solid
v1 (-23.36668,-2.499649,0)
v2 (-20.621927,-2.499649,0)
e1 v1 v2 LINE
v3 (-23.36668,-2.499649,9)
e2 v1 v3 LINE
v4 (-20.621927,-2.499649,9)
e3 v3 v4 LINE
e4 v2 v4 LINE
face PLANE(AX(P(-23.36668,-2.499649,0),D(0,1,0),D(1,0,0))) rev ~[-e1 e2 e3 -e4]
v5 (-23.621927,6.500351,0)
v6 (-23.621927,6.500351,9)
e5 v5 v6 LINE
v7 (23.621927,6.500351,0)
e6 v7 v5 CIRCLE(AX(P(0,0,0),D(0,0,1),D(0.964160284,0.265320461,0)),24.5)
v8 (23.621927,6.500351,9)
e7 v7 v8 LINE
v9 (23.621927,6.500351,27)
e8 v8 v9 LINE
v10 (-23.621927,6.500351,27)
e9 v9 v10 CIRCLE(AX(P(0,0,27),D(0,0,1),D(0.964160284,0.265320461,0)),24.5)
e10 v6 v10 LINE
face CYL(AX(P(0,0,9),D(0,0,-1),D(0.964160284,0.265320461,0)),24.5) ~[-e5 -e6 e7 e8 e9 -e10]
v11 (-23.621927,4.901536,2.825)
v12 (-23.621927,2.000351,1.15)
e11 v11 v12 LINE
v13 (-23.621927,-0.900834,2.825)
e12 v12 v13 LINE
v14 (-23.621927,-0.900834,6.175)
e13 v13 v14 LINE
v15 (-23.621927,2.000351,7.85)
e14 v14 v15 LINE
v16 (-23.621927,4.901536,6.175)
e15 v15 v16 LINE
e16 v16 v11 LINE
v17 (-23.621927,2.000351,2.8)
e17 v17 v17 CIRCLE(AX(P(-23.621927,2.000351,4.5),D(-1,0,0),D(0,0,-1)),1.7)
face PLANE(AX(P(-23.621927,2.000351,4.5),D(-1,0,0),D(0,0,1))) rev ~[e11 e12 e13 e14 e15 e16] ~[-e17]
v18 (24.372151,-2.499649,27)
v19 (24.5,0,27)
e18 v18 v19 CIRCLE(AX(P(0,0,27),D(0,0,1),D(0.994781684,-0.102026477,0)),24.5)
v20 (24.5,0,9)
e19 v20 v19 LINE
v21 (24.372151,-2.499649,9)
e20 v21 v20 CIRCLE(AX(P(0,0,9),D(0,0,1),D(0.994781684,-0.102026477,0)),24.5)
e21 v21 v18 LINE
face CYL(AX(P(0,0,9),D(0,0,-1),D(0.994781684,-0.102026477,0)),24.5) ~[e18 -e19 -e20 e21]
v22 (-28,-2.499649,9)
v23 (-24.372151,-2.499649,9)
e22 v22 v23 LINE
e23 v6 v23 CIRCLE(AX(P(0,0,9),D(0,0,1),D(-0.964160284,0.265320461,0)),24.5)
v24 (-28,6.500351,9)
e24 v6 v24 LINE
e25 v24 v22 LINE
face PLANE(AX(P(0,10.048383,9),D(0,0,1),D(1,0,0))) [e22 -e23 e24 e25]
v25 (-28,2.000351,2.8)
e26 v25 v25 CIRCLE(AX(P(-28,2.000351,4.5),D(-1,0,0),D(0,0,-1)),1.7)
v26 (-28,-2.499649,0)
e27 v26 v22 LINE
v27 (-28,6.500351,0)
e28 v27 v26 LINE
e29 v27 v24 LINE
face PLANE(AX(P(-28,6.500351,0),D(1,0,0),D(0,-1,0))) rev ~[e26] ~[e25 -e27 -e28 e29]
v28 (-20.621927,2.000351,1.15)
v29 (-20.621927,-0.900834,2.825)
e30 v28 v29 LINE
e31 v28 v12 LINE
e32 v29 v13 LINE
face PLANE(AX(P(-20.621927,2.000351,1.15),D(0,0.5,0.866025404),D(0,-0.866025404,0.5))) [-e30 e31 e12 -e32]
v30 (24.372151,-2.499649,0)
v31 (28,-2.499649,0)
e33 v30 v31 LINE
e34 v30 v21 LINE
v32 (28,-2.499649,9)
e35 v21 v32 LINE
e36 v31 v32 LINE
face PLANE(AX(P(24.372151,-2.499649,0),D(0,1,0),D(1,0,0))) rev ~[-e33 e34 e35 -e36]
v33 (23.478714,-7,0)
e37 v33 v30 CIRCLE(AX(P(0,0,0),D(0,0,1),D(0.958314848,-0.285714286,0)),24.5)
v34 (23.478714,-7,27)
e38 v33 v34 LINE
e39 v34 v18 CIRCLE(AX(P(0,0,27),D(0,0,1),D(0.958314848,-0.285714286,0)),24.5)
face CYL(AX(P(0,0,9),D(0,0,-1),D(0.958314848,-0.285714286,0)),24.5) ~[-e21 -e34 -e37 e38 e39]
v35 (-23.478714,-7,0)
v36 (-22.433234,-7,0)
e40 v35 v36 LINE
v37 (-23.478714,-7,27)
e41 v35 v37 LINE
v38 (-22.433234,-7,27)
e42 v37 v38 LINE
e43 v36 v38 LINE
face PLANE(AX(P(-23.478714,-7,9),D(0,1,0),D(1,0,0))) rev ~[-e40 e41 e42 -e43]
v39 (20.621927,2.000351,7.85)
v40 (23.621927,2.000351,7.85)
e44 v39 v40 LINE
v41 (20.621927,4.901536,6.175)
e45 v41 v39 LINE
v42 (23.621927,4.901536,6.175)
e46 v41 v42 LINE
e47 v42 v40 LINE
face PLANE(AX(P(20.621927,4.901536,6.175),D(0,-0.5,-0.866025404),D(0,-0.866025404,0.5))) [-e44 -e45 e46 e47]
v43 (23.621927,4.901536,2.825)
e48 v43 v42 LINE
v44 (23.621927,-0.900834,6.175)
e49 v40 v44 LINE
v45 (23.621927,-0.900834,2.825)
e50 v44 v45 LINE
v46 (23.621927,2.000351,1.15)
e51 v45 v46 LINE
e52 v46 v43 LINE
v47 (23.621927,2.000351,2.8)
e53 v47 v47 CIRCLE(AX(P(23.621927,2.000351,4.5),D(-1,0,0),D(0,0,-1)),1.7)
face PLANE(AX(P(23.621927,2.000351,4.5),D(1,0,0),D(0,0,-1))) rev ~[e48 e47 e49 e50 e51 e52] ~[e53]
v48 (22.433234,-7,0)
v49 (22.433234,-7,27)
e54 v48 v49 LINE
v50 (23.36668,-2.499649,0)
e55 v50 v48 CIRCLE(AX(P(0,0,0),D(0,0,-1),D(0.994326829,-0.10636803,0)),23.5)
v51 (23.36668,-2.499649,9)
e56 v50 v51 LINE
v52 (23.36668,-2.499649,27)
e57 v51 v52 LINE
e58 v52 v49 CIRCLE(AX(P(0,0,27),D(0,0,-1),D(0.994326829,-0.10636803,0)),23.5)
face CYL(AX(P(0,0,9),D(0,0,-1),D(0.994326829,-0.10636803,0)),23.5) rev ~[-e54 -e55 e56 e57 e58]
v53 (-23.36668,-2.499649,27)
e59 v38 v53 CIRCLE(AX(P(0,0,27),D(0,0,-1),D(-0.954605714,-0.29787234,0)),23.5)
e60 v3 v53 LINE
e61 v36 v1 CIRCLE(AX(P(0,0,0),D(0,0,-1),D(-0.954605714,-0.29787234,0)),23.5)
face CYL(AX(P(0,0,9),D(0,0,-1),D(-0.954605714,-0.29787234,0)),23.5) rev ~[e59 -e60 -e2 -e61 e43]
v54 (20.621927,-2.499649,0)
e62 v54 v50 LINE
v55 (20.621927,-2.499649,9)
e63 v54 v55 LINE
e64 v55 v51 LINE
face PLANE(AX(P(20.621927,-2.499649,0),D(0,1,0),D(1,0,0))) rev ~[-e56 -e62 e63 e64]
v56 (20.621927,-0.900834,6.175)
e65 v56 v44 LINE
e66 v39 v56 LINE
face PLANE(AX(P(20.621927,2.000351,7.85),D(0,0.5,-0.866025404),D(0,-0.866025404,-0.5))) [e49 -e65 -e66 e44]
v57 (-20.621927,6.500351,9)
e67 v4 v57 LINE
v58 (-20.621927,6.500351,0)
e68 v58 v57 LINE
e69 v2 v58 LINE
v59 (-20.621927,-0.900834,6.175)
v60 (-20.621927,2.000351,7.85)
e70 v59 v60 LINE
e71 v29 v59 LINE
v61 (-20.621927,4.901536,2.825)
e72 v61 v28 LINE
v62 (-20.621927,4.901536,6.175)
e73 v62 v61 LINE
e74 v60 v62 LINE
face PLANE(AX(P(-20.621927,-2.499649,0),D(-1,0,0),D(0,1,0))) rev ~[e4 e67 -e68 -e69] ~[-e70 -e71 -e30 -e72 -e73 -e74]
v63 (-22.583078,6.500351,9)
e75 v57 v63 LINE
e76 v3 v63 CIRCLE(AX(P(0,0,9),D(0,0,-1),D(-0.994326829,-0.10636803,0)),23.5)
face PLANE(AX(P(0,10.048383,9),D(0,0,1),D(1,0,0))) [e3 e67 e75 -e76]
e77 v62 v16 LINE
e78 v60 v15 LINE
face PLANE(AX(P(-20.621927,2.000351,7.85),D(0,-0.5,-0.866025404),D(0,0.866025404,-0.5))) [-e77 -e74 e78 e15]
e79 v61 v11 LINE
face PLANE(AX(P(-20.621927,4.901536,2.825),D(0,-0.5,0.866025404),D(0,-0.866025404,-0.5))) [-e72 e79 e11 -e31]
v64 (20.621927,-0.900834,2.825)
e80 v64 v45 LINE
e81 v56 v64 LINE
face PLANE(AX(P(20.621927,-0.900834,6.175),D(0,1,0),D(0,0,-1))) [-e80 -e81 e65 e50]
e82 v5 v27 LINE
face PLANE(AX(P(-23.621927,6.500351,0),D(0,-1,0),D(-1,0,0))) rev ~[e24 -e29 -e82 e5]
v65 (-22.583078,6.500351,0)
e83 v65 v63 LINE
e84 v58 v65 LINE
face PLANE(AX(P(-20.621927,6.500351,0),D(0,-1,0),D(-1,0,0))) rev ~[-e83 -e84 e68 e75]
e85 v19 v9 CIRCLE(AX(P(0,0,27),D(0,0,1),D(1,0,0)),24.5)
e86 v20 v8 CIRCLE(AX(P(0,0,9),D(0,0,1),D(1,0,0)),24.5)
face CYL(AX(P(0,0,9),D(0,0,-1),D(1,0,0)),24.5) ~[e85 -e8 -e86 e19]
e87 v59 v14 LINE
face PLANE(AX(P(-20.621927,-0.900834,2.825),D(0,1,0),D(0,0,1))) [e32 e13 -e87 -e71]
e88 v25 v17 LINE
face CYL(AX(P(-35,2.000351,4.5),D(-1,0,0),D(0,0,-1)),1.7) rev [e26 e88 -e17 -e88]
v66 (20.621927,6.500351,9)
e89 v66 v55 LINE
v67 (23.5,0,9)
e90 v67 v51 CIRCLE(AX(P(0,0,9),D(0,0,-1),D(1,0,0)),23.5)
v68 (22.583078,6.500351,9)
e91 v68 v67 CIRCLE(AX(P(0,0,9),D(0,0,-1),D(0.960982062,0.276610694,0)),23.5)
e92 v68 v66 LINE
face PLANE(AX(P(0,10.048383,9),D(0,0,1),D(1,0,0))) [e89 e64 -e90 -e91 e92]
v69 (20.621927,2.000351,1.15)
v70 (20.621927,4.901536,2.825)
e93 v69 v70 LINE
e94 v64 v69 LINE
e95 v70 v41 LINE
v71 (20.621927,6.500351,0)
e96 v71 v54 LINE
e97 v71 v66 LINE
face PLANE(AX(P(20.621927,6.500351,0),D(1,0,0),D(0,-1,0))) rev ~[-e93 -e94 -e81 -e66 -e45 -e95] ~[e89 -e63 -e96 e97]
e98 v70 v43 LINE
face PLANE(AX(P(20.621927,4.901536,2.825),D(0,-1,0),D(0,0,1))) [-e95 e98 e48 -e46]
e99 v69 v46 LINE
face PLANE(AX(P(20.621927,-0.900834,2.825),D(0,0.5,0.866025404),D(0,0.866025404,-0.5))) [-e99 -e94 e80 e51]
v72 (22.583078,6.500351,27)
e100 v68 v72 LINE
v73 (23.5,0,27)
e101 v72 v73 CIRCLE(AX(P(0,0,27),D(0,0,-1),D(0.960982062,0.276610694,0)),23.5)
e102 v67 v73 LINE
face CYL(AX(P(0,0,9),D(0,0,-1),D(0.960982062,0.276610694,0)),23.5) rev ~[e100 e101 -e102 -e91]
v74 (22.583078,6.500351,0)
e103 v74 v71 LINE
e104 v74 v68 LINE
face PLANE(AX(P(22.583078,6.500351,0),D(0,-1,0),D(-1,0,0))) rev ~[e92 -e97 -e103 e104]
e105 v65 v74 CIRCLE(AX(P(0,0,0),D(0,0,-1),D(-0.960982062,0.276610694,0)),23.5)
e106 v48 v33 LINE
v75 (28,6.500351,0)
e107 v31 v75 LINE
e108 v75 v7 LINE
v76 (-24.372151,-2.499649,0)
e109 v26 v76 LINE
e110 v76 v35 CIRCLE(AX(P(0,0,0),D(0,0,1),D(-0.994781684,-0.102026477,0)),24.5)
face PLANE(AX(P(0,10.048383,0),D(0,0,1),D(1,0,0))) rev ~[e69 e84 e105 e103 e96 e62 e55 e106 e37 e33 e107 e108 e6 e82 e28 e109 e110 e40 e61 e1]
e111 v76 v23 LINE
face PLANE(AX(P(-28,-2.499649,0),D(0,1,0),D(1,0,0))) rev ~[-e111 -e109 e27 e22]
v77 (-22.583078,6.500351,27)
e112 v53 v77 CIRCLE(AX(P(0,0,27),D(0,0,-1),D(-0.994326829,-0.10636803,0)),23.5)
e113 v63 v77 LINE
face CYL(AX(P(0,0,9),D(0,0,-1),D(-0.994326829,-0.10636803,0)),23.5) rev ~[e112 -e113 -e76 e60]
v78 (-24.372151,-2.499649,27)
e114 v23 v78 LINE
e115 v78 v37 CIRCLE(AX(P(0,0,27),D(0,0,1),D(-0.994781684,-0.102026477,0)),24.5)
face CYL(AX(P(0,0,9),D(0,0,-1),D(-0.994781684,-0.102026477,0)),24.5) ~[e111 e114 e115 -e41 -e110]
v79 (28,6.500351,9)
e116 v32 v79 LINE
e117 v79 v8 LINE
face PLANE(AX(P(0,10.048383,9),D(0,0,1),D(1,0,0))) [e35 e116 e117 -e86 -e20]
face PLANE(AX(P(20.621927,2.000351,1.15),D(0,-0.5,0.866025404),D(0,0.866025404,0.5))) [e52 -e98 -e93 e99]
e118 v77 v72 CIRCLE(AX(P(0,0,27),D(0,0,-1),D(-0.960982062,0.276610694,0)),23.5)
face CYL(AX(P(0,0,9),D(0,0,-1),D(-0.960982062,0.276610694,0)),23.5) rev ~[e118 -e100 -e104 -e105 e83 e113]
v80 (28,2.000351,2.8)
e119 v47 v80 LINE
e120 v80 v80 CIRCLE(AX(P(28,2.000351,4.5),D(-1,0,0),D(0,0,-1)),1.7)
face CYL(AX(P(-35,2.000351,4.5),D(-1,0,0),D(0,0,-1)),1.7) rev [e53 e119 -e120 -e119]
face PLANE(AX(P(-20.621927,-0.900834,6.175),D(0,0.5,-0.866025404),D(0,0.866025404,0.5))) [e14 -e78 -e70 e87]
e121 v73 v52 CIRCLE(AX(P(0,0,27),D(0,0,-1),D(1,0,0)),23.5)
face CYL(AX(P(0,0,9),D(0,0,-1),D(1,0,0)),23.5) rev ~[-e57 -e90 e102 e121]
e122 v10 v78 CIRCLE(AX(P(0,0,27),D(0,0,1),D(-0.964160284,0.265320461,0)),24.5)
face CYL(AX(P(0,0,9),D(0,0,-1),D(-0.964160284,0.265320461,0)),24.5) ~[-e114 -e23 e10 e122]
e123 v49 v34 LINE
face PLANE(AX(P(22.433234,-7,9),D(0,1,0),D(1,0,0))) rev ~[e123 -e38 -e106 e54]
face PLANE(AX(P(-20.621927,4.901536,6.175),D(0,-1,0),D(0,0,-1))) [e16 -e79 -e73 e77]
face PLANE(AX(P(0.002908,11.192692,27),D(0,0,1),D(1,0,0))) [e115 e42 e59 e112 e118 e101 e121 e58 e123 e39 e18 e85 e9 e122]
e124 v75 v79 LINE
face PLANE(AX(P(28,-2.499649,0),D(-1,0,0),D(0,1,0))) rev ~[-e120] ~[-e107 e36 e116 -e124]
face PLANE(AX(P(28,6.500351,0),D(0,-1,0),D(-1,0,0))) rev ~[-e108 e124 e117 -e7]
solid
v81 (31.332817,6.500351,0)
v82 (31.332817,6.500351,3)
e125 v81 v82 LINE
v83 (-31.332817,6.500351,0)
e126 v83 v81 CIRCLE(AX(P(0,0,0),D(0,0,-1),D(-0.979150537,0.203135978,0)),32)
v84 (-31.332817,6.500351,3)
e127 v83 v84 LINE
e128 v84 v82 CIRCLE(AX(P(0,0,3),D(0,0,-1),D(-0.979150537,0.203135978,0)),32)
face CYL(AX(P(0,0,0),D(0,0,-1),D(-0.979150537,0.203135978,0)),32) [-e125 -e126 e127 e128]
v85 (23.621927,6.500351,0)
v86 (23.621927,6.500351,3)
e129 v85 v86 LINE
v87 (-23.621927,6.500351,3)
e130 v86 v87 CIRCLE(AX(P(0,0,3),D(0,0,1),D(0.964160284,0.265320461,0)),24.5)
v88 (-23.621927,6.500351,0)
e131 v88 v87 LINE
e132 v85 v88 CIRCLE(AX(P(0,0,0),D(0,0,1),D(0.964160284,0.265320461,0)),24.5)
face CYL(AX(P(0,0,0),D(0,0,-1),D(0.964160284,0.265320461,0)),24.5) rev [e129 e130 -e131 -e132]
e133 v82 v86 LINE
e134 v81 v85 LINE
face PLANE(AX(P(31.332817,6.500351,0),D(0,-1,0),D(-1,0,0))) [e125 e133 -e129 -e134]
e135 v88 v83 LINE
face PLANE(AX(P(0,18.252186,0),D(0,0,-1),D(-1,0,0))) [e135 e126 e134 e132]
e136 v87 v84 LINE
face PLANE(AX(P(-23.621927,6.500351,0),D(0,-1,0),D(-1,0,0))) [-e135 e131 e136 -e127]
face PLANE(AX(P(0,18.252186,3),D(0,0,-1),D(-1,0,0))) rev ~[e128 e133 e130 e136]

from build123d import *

# Parameters (mm, degrees)
BOSS_EXTRUDE1_DEPTH     = 9
CUT_EXTRUDE5_DEPTH      = 63
CUT_EXTRUDE5_DEPTH_BACK = 63
SKETCH7_R               = 1.7
CUT_EXTRUDE6_DEPTH      = 3
CUT_EXTRUDE3_DEPTH      = 3
BOSS_EXTRUDE3_DEPTH     = 18
BOSS_EXTRUDE4_DEPTH     = 3


with BuildPart() as part:
    # Sketch1 → Boss-Extrude1 (new body)
    with BuildSketch(Plane.XY):
        with BuildLine():
            Line((-23.621926952, 6.500351303), (-28, 6.500351303))
            Line((-28, 6.500351303), (-28, -2.499648697))
            Line((-28, -2.499648697), (-24.372151247, -2.499648697))
            ThreePointArc((-24.372151247, -2.499648697), (-24.031013525, -4.770784943), (-23.478713764, -7))
            Line((-23.478713764, -7), (-22.433234274, -7))
            ThreePointArc((-22.433234274, -7), (-23.010244201, -4.772699634), (-23.366680474, -2.499648697))
            Line((-23.366680474, -2.499648697), (-20.621926952, -2.499648697))
            Line((-20.621926952, -2.499648697), (-20.621926952, 6.500351303))
            Line((-20.621926952, 6.500351303), (-22.583078464, 6.500351303))
            ThreePointArc((-22.583078464, 6.500351303), (0, 23.5), (22.583078464, 6.500351303))
            Line((22.583078464, 6.500351303), (20.621926952, 6.500351303))
            Line((20.621926952, 6.500351303), (20.621926952, -2.499648697))
            Line((20.621926952, -2.499648697), (23.366680474, -2.499648697))
            ThreePointArc((23.366680474, -2.499648697), (23.010244201, -4.772699634), (22.433234274, -7))
            Line((22.433234274, -7), (23.478713764, -7))
            ThreePointArc((23.478713764, -7), (24.031013525, -4.770784943), (24.372151247, -2.499648697))
            Line((24.372151247, -2.499648697), (28, -2.499648697))
            Line((28, -2.499648697), (28, 6.500351303))
            Line((28, 6.500351303), (23.621926952, 6.500351303))
            ThreePointArc((23.621926952, 6.500351303), (0, 24.5), (-23.621926952, 6.500351303))
        make_face()
    extrude(amount=BOSS_EXTRUDE1_DEPTH)

    # Sketch7 → Cut-Extrude5 (cut, two sides: drawn at the far end of the back side and taken through both)
    with BuildSketch(Plane(origin=(28, 0, 0), x_dir=(0, 0, -1), z_dir=(1, 0, 0)).offset(-CUT_EXTRUDE5_DEPTH_BACK)):
        with Locations((-4.5, 2.000351303)):
            Circle(SKETCH7_R)
    extrude(amount=CUT_EXTRUDE5_DEPTH + CUT_EXTRUDE5_DEPTH_BACK, mode=Mode.SUBTRACT)

    # Sketch5 → Cut-Extrude6 (cut)
    with BuildSketch(Plane(origin=(-20.621926952, 0, 0), x_dir=(0, 0, -1), z_dir=(1, 0, 0))):
        Polygon((-6.175, 4.901536406), (-2.825, 4.901536406), (-1.15, 2.000351303), (-2.825, -0.900833799), (-6.175, -0.900833799), (-7.85, 2.000351303), align=None)
    extrude(amount=-CUT_EXTRUDE6_DEPTH, mode=Mode.SUBTRACT)

    # Sketch6 → Cut-Extrude3 (cut)
    with BuildSketch(Plane.ZY.offset(-20.621926952)):
        Polygon((2.825, 4.901536406), (6.175, 4.901536406), (7.85, 2.000351303), (6.175, -0.900833799), (2.825, -0.900833799), (1.15, 2.000351303), align=None)
    extrude(amount=-CUT_EXTRUDE3_DEPTH, mode=Mode.SUBTRACT)

    # Sketch8 → Boss-Extrude3 (add)
    with BuildSketch(Plane.XY.offset(9)):
        with BuildLine():
            ThreePointArc((-24.372151247, -2.499648697), (-24.031013525, -4.770784943), (-23.478713764, -7))
            Line((-23.478713764, -7), (-22.433234274, -7))
            ThreePointArc((-22.433234274, -7), (-23.010244201, -4.772699634), (-23.366680474, -2.499648697))
            ThreePointArc((-23.366680474, -2.499648697), (-23.411430683, 2.03836046), (-22.583078464, 6.500351303))
            ThreePointArc((-22.583078464, 6.500351303), (0, 23.5), (22.583078464, 6.500351303))
            ThreePointArc((22.583078464, 6.500351303), (23.269640564, 3.282350993), (23.5, 0))
            ThreePointArc((23.5, 0), (23.466646449, -1.251600745), (23.366680474, -2.499648697))
            ThreePointArc((23.366680474, -2.499648697), (23.010244201, -4.772699634), (22.433234274, -7))
            Line((22.433234274, -7), (23.478713764, -7))
            ThreePointArc((23.478713764, -7), (24.031013525, -4.770784943), (24.372151247, -2.499648697))
            ThreePointArc((24.372151247, -2.499648697), (24.468016936, -1.251458041), (24.5, 0))
            ThreePointArc((24.5, 0), (24.279489393, 3.279694321), (23.621926952, 6.500351303))
            ThreePointArc((23.621926952, 6.500351303), (0, 24.5), (-23.621926952, 6.500351303))
            ThreePointArc((-23.621926952, 6.500351303), (-24.415320713, 2.035218529), (-24.372151247, -2.499648697))
        make_face()
    extrude(amount=BOSS_EXTRUDE3_DEPTH)


with BuildPart() as body_2:
    # Sketch9 → Boss-Extrude4 (new body)
    with BuildSketch(Plane(origin=(0, 0, 0), x_dir=(-1, 0, 0), z_dir=(0, 0, -1))):
        with BuildLine():
            Line((-31.332817188, 6.500351303), (-28, 6.500351303))
            Line((-28, 6.500351303), (-23.621926952, 6.500351303))
            ThreePointArc((-23.621926952, 6.500351303), (0, 24.5), (23.621926952, 6.500351303))
            Line((23.621926952, 6.500351303), (28, 6.500351303))
            Line((28, 6.500351303), (31.332817188, 6.500351303))
            ThreePointArc((31.332817188, 6.500351303), (0, 32), (-31.332817188, 6.500351303))
        make_face()
    extrude(amount=-BOSS_EXTRUDE4_DEPTH)


solid = Compound([part.part, body_2.part])
